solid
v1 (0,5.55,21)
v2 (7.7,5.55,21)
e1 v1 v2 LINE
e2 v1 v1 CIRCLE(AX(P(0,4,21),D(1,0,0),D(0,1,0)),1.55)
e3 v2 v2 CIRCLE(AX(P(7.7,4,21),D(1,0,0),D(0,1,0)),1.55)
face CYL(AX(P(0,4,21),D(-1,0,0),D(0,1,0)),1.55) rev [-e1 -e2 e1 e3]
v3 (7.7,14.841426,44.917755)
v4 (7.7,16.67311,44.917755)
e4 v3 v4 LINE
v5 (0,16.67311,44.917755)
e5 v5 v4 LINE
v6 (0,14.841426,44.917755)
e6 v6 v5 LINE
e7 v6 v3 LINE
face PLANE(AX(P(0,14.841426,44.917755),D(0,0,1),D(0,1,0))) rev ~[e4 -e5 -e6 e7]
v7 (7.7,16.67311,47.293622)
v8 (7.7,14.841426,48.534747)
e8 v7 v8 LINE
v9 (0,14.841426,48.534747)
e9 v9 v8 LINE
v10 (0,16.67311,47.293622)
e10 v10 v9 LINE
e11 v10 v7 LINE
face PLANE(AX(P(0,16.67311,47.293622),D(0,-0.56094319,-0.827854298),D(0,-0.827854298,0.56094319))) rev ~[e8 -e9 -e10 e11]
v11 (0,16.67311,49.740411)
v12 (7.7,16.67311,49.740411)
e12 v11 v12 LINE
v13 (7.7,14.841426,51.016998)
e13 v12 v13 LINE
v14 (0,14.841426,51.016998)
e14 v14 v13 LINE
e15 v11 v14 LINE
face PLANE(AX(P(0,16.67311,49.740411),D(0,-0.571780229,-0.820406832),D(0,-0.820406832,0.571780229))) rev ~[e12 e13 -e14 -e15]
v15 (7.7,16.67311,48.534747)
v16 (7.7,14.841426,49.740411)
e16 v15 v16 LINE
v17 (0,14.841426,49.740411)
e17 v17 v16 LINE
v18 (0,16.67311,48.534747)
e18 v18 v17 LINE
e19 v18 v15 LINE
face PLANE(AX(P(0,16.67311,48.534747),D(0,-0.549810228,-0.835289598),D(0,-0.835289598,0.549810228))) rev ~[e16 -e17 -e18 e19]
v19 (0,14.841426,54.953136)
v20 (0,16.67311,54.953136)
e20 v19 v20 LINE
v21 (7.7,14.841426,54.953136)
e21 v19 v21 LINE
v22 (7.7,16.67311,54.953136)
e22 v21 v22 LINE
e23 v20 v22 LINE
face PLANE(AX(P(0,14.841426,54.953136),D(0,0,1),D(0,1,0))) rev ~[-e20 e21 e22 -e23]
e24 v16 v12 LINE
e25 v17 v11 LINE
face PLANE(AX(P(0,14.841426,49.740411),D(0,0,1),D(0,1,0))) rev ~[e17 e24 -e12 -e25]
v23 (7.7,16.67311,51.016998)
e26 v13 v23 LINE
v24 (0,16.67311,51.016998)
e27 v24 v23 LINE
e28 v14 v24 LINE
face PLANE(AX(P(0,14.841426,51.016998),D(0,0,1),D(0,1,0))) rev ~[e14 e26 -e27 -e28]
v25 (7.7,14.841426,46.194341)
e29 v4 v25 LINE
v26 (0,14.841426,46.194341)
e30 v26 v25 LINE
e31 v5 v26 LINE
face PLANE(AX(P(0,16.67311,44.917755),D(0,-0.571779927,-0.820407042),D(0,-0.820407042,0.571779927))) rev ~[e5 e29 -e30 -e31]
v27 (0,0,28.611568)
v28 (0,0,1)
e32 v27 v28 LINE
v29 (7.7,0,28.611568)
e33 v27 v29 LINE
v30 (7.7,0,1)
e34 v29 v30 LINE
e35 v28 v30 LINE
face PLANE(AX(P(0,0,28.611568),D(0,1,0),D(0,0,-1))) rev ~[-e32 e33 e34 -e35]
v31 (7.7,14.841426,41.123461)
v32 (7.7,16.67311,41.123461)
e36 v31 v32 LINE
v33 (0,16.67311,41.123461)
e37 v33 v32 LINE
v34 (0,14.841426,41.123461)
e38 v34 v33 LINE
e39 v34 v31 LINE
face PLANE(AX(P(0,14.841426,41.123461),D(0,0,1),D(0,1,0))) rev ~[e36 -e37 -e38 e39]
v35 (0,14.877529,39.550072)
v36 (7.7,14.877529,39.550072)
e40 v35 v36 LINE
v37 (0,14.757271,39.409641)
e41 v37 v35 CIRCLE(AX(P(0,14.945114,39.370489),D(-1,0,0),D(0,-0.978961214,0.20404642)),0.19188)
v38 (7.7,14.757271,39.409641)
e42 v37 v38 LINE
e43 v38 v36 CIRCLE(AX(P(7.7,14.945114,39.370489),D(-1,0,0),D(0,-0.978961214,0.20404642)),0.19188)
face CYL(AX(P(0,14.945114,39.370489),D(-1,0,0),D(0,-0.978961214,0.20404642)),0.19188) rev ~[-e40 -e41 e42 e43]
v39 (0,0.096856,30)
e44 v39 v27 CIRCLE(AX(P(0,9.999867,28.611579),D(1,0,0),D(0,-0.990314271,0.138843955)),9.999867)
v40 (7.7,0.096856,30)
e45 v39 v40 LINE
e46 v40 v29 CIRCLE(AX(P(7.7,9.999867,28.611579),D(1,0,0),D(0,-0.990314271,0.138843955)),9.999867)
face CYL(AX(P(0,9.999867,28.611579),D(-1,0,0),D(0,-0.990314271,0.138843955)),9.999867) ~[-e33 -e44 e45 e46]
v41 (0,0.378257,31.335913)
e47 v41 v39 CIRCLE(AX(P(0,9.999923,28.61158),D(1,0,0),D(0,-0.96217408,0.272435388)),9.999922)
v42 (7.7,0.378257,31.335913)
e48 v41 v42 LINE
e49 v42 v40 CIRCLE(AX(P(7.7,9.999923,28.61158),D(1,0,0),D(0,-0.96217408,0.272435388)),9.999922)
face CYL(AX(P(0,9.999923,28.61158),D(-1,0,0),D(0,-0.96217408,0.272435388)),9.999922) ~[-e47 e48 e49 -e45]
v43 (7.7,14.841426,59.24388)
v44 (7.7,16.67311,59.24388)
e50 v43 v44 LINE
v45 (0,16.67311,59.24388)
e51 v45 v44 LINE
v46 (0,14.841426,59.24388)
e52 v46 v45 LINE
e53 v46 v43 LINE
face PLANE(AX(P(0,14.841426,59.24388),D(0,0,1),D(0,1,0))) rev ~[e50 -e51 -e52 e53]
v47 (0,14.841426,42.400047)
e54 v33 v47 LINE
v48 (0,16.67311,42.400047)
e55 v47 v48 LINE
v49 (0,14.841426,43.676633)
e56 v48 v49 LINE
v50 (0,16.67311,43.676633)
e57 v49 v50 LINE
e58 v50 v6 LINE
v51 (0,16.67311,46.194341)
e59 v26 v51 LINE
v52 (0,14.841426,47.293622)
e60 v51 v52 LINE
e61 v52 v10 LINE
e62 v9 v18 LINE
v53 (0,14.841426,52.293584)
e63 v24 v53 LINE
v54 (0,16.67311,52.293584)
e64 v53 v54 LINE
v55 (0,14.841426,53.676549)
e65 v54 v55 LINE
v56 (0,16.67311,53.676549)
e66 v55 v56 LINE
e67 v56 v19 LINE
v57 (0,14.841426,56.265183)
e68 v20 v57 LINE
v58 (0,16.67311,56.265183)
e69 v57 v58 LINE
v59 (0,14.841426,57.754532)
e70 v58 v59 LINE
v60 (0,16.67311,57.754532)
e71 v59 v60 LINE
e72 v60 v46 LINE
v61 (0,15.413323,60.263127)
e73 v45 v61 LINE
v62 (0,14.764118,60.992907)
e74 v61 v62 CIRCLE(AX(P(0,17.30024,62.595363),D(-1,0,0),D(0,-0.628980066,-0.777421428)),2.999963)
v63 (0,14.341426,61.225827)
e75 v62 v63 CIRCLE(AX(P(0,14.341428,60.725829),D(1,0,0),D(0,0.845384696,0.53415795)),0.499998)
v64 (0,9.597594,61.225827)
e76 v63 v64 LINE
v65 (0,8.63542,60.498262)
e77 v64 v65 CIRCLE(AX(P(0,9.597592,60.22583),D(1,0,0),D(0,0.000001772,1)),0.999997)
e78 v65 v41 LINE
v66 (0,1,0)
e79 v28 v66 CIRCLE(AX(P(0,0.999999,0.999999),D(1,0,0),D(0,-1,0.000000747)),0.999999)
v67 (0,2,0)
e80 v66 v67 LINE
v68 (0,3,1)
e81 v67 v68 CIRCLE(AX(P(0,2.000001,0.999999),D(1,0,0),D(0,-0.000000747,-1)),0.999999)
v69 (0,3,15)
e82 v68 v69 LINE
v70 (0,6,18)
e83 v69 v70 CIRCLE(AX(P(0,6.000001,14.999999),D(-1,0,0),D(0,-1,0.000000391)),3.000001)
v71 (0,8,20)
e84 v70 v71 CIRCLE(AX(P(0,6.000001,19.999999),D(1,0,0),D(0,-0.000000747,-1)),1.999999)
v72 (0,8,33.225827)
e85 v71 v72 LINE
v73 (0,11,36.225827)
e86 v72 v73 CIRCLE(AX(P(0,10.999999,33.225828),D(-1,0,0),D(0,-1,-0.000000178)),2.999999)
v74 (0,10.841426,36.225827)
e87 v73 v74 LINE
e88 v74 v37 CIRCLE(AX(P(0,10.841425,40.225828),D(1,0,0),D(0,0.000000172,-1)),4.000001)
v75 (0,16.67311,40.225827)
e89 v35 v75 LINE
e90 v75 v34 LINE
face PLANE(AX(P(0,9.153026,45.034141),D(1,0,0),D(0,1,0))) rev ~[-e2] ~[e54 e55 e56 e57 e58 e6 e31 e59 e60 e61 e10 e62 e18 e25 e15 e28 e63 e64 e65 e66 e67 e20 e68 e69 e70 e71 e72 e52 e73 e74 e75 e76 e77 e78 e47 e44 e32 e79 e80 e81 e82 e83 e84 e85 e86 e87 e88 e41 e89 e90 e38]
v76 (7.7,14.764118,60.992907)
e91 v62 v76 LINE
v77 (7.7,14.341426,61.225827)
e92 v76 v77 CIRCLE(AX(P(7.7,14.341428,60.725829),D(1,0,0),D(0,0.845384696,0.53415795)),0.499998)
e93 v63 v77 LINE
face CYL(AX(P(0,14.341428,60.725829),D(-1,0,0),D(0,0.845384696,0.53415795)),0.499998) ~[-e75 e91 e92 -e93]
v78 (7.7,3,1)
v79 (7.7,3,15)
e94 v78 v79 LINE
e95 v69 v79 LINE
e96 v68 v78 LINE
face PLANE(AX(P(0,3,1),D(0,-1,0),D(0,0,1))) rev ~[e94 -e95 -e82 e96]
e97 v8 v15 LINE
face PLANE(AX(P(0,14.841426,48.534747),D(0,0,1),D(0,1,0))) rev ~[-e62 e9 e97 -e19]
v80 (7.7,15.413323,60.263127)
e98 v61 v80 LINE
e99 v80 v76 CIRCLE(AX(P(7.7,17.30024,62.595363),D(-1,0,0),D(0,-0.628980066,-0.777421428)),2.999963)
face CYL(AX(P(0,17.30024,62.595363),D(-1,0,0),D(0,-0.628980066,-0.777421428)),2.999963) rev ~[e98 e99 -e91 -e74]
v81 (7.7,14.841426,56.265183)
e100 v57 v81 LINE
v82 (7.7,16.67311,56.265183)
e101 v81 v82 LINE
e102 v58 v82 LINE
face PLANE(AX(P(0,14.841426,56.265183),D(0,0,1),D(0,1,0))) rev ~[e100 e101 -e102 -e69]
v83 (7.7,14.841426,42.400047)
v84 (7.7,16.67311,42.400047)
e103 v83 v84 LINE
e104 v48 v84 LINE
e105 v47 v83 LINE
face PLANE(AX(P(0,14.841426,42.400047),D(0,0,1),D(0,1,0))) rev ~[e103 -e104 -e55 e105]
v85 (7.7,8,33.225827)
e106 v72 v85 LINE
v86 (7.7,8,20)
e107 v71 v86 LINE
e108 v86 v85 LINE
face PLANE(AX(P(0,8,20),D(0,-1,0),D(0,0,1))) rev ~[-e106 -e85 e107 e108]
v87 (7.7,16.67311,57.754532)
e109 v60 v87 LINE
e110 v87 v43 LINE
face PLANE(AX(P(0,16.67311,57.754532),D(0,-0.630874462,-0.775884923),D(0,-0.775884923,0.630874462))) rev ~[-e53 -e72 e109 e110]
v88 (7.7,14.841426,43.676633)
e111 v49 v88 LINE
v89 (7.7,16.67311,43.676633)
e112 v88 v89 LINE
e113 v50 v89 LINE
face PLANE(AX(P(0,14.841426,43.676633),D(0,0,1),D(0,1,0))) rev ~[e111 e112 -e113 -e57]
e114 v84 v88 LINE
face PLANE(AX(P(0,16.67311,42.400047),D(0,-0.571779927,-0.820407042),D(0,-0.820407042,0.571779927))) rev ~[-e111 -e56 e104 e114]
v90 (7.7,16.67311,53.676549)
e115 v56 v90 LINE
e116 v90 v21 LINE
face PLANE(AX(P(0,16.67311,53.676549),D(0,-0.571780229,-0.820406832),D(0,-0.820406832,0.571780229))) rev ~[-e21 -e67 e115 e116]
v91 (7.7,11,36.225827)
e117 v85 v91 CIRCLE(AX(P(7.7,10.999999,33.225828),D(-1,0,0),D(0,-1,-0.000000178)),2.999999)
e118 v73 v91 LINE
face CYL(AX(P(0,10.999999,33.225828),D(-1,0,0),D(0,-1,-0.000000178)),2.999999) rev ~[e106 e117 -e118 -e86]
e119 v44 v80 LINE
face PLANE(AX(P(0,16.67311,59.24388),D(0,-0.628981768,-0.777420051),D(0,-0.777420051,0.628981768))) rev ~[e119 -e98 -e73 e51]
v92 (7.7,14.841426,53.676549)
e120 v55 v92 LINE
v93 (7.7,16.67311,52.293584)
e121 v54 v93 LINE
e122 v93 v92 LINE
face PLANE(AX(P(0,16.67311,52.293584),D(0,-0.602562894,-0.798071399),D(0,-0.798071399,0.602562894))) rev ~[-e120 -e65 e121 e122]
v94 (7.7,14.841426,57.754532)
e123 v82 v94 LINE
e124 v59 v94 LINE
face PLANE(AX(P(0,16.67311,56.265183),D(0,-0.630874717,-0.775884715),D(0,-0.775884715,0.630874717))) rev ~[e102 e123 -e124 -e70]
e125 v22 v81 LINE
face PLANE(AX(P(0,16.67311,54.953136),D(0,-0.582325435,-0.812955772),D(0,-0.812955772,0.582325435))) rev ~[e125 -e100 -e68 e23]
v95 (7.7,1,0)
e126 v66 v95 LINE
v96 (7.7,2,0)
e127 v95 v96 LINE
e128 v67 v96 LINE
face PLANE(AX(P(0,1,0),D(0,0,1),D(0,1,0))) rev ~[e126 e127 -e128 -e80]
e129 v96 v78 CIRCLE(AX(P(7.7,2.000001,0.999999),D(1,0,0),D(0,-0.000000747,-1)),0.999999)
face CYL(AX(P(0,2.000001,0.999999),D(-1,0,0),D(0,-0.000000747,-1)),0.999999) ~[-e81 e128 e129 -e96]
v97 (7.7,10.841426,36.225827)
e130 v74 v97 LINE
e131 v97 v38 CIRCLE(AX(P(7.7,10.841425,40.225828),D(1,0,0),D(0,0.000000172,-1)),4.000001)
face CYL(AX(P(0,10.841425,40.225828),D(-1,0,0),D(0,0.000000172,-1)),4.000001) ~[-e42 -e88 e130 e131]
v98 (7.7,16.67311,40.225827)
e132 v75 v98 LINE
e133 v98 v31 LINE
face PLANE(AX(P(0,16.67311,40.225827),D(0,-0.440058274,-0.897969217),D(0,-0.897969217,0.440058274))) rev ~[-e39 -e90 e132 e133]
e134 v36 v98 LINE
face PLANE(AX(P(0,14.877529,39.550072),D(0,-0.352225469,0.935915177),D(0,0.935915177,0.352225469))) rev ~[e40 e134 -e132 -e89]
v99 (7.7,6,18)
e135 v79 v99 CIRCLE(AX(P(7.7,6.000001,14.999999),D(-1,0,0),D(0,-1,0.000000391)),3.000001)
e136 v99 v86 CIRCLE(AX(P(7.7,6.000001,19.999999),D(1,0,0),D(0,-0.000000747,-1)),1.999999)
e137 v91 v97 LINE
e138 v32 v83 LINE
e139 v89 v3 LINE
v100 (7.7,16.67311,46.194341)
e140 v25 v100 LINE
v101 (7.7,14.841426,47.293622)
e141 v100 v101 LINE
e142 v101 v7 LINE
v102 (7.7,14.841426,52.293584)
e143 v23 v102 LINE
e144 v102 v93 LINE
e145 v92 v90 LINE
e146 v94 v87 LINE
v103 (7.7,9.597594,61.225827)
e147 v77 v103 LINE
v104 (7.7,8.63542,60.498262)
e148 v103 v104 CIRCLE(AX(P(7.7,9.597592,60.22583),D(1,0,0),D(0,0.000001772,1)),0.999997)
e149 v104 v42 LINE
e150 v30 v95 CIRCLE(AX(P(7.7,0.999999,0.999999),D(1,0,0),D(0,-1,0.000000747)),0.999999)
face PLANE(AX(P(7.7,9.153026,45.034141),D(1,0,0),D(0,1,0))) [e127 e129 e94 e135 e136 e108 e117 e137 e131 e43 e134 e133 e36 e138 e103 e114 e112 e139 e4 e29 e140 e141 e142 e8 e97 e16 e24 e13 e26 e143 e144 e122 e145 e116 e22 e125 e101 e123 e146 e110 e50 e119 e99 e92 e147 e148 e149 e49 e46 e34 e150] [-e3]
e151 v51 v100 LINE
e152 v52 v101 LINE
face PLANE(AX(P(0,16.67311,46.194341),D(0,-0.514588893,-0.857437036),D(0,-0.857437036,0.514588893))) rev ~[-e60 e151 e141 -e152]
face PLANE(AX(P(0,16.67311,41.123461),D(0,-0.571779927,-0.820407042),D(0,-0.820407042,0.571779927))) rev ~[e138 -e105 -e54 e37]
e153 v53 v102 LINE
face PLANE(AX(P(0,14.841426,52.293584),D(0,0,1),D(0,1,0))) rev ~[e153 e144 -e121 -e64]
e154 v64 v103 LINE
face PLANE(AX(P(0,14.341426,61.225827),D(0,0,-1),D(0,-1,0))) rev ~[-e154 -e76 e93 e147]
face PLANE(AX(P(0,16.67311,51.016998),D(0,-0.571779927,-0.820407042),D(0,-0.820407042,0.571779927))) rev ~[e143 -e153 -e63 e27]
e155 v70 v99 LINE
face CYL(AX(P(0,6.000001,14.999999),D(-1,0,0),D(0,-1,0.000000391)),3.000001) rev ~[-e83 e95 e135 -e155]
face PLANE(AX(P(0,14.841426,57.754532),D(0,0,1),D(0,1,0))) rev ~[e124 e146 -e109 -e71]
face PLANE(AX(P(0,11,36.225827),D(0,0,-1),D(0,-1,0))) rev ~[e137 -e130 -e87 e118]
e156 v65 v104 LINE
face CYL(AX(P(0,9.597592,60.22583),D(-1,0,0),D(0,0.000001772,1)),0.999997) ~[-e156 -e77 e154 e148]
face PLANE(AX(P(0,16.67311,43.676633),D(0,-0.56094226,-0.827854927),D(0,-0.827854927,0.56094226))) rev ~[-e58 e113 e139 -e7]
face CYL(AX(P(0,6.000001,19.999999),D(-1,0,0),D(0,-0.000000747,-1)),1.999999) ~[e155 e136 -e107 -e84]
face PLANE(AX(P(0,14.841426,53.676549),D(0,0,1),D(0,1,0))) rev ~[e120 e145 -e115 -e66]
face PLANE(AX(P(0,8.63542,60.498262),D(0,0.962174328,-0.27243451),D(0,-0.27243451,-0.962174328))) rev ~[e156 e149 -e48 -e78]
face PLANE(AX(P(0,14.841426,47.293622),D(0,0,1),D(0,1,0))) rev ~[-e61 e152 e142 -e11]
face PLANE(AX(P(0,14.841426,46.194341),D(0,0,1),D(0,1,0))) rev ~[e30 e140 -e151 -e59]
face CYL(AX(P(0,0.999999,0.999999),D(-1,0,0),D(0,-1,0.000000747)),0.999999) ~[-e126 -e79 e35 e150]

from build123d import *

# Parameters (mm, degrees)
F0_R     = 1.55
F1_DEPTH = 7.7


with BuildPart() as f1:
    # F0 (on Right) → F1 (new body)
    with BuildSketch(Plane.YZ):
        with BuildLine():
            ThreePointArc((0.378257, 31.335913), (0.214732, 30.672765), (0.096856, 30))
            Line((0.096856, 30), (8, 30))
            Line((8, 30), (8, 33.225827))
            ThreePointArc((8, 33.225827), (8.87868, 35.347148), (11, 36.225827))
            Line((11, 36.225827), (10.841426, 36.225827))
            ThreePointArc((10.841426, 36.225827), (13.364842, 37.122221), (14.757271, 39.409641))
            ThreePointArc((14.757271, 39.409641), (14.799371, 39.495296), (14.877529, 39.550072))
            Line((14.877529, 39.550072), (16.67311, 40.225827))
            Line((16.67311, 40.225827), (14.841426, 41.123461))
            Line((14.841426, 41.123461), (14.841426, 42.400047))
            Line((14.841426, 42.400047), (14.841426, 43.676633))
            Line((14.841426, 43.676633), (14.841426, 44.917755))
            Line((14.841426, 44.917755), (14.841426, 46.194341))
            Line((14.841426, 46.194341), (14.841426, 47.293622))
            Line((14.841426, 47.293622), (14.841426, 48.534747))
            Line((14.841426, 48.534747), (14.841426, 49.740411))
            Line((14.841426, 49.740411), (14.841426, 51.016998))
            Line((14.841426, 51.016998), (14.841426, 52.293584))
            Line((14.841426, 52.293584), (14.841426, 53.676549))
            Line((14.841426, 53.676549), (14.841426, 54.953136))
            Line((14.841426, 54.953136), (14.841426, 56.265183))
            Line((14.841426, 56.265183), (14.841426, 57.754532))
            Line((14.841426, 57.754532), (14.841426, 59.24388))
            Line((14.841426, 59.24388), (16.67311, 59.24388))
            Line((16.67311, 59.24388), (15.413323, 60.263127))
            ThreePointArc((15.413323, 60.263127), (15.05882, 60.601418), (14.764118, 60.992907))
            ThreePointArc((14.764118, 60.992907), (14.582735, 61.163743), (14.341426, 61.225827))
            Line((14.341426, 61.225827), (9.597594, 61.225827))
            ThreePointArc((9.597594, 61.225827), (8.99445, 61.02346), (8.63542, 60.498262))
            Line((8.63542, 60.498262), (0.378257, 31.335913))
        make_face()
        with BuildLine():
            Line((0, 28.611568), (0, 1))
            ThreePointArc((0, 1), (0.292893, 0.292893), (1, 0))
            Line((1, 0), (2, 0))
            ThreePointArc((2, 0), (2.707107, 0.292893), (3, 1))
            Line((3, 1), (3, 15))
            ThreePointArc((3, 15), (3.87868, 17.12132), (6, 18))
            ThreePointArc((6, 18), (7.414214, 18.585786), (8, 20))
            Line((8, 20), (8, 30))
            Line((8, 30), (0.096856, 30))
            ThreePointArc((0.096856, 30), (0.024243, 29.307471), (0, 28.611568))
        make_face()
        with Locations((4, 21)):
            Circle(F0_R, mode=Mode.SUBTRACT)
        Polygon((14.841426, 42.400047), (14.841426, 41.123461), (16.67311, 41.123461), align=None)
        Polygon((14.841426, 43.676633), (14.841426, 42.400047), (16.67311, 42.400047), align=None)
        Polygon((14.841426, 44.917755), (14.841426, 43.676633), (16.67311, 43.676633), align=None)
        Polygon((14.841426, 46.194341), (14.841426, 44.917755), (16.67311, 44.917755), align=None)
        Polygon((14.841426, 47.293622), (14.841426, 46.194341), (16.67311, 46.194341), align=None)
        Polygon((16.67311, 49.740411), (14.841426, 51.016998), (14.841426, 49.740411), align=None)
        Polygon((14.841426, 48.534747), (14.841426, 47.293622), (16.67311, 47.293622), align=None)
        Polygon((14.841426, 49.740411), (14.841426, 48.534747), (16.67311, 48.534747), align=None)
        Polygon((16.67311, 51.016998), (14.841426, 52.293584), (14.841426, 51.016998), align=None)
        Polygon((16.67311, 52.293584), (14.841426, 53.676549), (14.841426, 52.293584), align=None)
        Polygon((16.67311, 53.676549), (14.841426, 54.953136), (14.841426, 53.676549), align=None)
        Polygon((16.67311, 54.953136), (14.841426, 56.265183), (14.841426, 54.953136), align=None)
        Polygon((16.67311, 56.265183), (14.841426, 57.754532), (14.841426, 56.265183), align=None)
        Polygon((16.67311, 57.754532), (14.841426, 59.24388), (14.841426, 57.754532), align=None)
    extrude(amount=F1_DEPTH)


solid = f1.part
